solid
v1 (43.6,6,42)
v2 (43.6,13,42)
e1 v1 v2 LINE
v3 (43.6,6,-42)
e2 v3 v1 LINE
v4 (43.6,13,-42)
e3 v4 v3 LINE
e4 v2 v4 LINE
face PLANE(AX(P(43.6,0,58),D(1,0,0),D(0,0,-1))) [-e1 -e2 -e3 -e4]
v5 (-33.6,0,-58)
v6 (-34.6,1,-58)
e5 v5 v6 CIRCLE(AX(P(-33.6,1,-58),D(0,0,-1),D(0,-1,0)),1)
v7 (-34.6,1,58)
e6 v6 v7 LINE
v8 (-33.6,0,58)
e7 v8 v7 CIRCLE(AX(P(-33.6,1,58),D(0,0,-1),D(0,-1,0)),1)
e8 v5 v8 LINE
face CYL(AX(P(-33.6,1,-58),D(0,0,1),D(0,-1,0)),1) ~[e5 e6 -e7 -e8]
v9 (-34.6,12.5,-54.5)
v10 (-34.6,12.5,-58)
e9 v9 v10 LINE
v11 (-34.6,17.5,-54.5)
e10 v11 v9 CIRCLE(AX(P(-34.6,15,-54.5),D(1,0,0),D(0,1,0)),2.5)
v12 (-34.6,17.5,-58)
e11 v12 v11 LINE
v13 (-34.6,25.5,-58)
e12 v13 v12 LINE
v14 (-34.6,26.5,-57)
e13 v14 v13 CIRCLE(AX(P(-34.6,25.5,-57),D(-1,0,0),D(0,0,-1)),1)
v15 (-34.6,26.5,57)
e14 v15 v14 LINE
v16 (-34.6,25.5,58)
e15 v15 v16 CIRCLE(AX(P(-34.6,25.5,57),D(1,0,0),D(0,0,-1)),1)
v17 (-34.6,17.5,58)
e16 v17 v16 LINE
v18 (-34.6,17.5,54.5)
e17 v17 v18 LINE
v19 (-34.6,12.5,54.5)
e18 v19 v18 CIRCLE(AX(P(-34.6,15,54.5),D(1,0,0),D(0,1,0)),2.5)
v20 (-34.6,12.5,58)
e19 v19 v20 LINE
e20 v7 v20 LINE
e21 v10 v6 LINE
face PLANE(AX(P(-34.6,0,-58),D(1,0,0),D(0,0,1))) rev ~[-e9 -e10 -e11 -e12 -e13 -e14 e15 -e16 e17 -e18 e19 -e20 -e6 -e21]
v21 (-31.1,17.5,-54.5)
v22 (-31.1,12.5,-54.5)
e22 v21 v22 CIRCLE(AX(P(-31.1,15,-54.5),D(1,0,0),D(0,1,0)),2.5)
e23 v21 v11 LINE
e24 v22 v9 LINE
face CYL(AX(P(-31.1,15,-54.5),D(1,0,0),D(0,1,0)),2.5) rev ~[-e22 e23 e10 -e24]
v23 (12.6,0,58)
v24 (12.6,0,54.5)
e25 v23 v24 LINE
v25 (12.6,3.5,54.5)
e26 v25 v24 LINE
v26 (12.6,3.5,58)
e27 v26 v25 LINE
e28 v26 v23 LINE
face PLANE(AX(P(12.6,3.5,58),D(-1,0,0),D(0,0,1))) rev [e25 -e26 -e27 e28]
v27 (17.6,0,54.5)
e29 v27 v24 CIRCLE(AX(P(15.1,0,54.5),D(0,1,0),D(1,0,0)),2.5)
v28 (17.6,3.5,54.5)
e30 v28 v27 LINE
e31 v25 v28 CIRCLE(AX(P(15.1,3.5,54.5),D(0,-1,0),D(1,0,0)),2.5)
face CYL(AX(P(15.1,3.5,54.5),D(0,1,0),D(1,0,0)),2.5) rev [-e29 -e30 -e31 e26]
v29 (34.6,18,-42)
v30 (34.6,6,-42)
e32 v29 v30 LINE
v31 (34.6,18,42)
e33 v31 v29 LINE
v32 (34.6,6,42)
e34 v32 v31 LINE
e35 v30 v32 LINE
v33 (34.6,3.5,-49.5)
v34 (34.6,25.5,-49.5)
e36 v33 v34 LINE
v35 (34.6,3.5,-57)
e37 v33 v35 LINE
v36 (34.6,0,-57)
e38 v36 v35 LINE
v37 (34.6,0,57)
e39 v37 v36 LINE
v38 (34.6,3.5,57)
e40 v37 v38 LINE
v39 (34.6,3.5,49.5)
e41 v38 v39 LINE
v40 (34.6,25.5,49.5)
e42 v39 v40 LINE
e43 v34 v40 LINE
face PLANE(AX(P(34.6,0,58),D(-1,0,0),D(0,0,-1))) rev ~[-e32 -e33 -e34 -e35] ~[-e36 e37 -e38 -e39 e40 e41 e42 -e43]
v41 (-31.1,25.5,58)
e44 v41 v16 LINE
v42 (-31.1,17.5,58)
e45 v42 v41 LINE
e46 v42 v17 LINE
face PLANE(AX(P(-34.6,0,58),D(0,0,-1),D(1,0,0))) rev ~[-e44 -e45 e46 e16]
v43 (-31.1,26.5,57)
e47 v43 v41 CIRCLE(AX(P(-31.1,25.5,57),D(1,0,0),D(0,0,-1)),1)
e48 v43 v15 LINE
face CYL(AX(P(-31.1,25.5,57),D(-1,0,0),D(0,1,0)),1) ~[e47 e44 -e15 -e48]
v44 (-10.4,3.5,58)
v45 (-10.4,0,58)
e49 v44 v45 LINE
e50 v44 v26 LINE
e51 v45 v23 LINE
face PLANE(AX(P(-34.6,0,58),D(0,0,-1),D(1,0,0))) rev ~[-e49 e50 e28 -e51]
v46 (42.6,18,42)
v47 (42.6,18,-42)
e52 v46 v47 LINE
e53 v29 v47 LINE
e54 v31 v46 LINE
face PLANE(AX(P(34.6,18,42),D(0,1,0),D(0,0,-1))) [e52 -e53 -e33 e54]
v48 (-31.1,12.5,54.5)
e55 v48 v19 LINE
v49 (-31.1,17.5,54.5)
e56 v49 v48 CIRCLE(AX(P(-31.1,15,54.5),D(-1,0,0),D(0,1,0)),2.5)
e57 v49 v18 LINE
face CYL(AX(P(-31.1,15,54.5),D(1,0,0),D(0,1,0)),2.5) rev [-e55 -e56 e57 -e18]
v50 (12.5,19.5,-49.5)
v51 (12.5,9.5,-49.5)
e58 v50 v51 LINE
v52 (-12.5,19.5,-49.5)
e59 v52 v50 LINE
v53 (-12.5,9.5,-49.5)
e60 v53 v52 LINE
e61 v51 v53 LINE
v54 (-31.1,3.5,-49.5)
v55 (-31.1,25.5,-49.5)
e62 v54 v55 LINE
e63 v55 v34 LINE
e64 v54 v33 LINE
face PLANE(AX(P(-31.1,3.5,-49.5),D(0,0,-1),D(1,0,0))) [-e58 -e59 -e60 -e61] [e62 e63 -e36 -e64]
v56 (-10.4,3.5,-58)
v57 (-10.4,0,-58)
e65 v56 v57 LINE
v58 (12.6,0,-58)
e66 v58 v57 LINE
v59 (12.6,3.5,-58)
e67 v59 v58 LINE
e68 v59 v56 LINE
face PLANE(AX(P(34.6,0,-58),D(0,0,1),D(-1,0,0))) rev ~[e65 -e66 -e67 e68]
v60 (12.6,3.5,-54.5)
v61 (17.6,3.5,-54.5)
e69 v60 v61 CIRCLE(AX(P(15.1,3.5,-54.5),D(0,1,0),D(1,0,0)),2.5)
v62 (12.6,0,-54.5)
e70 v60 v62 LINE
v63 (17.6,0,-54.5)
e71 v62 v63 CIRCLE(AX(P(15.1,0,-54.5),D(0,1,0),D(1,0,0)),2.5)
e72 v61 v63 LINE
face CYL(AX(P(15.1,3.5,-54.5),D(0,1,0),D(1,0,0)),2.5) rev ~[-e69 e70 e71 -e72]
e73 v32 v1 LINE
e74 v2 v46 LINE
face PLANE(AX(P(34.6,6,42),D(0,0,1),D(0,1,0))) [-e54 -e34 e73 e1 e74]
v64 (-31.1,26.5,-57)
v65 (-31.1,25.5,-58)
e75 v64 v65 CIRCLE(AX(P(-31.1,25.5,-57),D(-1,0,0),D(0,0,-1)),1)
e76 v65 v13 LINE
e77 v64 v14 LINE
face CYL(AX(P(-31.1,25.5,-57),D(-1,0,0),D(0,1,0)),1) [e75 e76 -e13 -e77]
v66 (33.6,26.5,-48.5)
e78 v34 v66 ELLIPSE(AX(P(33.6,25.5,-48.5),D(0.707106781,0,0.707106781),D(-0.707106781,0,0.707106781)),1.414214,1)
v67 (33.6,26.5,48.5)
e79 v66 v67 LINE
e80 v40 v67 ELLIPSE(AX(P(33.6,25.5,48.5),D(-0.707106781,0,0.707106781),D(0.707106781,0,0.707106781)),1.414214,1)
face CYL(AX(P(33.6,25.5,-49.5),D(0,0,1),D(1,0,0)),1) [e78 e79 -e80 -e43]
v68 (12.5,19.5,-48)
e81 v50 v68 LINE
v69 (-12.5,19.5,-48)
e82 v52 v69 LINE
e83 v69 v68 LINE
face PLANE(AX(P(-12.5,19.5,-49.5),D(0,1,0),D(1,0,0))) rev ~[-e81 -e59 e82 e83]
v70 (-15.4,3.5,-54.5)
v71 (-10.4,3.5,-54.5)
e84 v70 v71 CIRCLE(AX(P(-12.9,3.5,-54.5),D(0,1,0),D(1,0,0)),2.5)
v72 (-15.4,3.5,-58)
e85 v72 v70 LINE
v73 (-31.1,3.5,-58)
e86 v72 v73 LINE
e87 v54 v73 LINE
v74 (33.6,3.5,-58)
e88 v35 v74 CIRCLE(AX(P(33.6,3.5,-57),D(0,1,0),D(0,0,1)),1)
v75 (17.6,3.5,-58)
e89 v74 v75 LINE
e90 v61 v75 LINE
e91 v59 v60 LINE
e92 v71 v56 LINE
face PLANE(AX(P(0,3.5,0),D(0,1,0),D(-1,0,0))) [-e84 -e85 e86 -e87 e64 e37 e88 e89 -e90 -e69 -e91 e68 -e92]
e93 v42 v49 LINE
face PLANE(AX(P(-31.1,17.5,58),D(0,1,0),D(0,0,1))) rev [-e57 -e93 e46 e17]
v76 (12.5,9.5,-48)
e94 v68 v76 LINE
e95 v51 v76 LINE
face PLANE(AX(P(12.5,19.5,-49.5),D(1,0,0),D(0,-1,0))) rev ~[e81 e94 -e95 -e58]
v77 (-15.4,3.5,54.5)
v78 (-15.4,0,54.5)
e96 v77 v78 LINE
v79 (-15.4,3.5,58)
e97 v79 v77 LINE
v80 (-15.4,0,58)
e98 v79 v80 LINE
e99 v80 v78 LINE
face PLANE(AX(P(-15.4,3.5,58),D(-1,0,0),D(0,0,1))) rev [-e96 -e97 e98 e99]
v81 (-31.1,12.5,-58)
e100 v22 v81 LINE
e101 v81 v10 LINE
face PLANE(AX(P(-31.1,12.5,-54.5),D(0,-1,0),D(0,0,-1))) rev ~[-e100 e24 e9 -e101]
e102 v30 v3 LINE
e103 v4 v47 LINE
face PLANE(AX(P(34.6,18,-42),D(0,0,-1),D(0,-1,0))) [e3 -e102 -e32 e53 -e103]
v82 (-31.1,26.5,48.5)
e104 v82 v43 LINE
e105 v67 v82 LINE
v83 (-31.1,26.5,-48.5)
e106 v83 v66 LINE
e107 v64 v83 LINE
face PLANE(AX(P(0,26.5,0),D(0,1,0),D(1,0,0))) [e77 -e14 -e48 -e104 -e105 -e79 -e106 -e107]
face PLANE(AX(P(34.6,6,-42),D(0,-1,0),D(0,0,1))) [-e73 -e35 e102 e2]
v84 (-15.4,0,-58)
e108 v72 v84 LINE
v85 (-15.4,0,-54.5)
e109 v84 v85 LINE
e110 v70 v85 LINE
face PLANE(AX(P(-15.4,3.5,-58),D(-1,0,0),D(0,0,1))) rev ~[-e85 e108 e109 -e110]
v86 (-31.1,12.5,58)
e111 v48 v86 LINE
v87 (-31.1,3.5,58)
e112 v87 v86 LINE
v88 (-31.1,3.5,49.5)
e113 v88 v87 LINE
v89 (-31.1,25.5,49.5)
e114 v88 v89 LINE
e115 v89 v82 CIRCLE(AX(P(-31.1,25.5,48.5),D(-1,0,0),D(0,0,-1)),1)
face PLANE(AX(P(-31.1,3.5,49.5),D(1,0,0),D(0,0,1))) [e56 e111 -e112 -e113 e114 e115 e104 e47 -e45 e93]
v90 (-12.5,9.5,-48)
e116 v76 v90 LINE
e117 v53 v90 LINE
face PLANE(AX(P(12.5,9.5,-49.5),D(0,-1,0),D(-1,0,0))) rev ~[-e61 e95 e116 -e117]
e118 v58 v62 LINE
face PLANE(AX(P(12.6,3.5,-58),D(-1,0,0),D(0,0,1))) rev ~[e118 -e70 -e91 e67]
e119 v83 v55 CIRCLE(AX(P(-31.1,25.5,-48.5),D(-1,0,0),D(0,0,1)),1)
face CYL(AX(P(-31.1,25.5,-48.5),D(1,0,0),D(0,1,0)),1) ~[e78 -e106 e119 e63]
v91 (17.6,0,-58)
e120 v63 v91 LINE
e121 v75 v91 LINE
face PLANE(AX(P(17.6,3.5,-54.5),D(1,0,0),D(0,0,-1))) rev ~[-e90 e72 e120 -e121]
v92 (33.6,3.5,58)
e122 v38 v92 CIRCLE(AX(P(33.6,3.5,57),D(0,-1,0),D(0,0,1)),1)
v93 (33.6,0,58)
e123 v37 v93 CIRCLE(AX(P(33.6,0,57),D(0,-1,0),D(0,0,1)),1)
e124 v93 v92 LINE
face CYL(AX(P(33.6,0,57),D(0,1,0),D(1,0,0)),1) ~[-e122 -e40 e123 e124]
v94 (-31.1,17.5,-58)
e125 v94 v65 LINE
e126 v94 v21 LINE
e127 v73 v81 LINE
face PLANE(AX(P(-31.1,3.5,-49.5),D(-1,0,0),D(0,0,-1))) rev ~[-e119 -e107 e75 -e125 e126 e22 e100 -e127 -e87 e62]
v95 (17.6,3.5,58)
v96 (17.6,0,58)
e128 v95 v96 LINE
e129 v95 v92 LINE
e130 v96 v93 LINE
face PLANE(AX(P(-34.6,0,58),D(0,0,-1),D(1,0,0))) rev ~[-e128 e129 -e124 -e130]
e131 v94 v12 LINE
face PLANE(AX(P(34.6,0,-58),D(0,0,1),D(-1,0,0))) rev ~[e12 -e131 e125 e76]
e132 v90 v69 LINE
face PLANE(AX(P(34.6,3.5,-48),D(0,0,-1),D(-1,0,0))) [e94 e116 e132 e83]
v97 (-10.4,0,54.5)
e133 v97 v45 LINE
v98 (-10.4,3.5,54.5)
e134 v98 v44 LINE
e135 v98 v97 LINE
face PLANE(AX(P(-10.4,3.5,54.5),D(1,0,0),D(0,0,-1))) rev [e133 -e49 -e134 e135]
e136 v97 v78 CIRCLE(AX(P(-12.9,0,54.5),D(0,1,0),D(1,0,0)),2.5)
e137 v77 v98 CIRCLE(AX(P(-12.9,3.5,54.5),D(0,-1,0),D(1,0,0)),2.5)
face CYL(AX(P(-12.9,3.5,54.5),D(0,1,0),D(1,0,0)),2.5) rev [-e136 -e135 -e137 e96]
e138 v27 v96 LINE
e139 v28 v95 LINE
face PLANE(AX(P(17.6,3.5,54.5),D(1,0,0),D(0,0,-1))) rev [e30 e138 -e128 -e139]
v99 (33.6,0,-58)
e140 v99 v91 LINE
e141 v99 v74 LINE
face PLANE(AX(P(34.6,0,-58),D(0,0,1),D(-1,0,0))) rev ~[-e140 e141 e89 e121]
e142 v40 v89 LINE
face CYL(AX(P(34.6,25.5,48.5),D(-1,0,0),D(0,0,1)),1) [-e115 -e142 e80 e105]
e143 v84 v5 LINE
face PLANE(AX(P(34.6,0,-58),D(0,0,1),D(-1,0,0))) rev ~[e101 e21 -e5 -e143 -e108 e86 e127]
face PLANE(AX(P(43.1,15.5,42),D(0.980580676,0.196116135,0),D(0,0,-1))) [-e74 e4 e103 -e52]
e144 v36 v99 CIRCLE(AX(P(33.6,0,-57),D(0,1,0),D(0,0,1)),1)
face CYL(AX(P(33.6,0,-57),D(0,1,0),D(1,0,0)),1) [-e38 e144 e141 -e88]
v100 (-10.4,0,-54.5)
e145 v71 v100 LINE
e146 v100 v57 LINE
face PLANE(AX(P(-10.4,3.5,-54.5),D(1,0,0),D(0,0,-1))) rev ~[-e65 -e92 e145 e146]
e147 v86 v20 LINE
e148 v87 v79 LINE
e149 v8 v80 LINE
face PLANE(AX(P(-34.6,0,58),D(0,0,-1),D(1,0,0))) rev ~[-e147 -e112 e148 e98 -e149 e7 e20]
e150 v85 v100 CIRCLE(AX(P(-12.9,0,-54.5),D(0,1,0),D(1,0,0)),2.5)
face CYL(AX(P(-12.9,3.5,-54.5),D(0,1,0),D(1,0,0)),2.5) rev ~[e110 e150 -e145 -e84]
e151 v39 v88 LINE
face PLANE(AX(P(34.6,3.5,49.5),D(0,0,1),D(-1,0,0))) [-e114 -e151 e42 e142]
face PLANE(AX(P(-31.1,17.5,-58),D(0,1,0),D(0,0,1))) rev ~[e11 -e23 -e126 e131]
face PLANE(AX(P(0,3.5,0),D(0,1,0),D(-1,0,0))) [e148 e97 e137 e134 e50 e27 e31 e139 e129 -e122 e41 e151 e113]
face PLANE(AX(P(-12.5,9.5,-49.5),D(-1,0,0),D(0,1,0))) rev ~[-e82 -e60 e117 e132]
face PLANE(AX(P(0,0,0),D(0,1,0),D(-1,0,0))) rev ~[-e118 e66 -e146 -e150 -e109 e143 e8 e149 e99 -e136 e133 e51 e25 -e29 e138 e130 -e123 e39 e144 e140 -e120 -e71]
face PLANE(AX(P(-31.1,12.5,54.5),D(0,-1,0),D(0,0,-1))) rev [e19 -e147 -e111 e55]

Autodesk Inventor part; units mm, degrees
ref_plane "YZ Plane" through (0, 0, 0) normal (1, 0, 0) x (0, 1, 0)
ref_plane "XZ Plane" through (0, 0, 0) normal (0, 1, 0) x (-1, 0, 0)
ref_plane "XY Plane" through (0, 0, 0) normal (0, 0, 1) x (1, 0, 0)
sketch "Sketch1" plane through (0, 0, 0) normal (0, 1, 0) x (-1, 0, 0)
  line L0 (34.6, 58) -> (-34.6, 58)
  line L1 (-34.6, 58) -> (-34.6, -58)
  line L2 (-34.6, -58) -> (34.6, -58)
  line L3 (34.6, -58) -> (34.6, 58)
  line L4 (34.6, 58) -> (-34.6, -58) construction
  line L5 (-34.6, 58) -> (34.6, -58) construction
  point P0 (0, 0)
  dimension "d0" = 69.2
  dimension "d1" = 116
extrude "Extrusion1" add sketch "Sketch1" along normal blind 3.5
sketch "Sketch2" plane through (0, 3.5, 0) normal (0, 1, 0) x (1, 0, 0)
  line L0 (-34.6, 49.5) -> (34.6, 49.5)
  line L1 (34.6, 49.5) -> (34.6, -49.5)
  line L2 (34.6, -49.5) -> (-34.6, -49.5)
  line L3 (-34.6, -49.5) -> (-34.6, 49.5)
  line L4 (-34.6, 49.5) -> (34.6, -49.5) construction
  line L5 (34.6, 49.5) -> (-34.6, -49.5) construction
  line L6 (-34.6, 49.5) -> (-31.1, 49.5)
  line L7 (-31.1, 49.5) -> (-31.1, 58)
  line L8 (-31.1, 58) -> (-34.6, 58)
  line L9 (-34.6, 58) -> (-34.6, 49.5)
  line L10 (-34.6, -49.5) -> (-31.1, -49.5)
  line L11 (-31.1, -49.5) -> (-31.1, -58)
  line L12 (-31.1, -58) -> (-34.6, -58)
  line L13 (-34.6, -58) -> (-34.6, -49.5)
  point P0 (0, 0)
  dimension "d4" = 69.2
  dimension "d5" = 99
  dimension "d6" = 3.5
  dimension "d7" = 8.5
  dimension "d8" = 3.5
  dimension "d9" = 8.5
extrude "Extrusion2" add sketch "Sketch2" along normal blind 23
sketch "Sketch3" plane through (34.6, 0, 58) normal (1, 0, 0) x (0, 0, -1)
  line L0 (58, 0) -> (58, 55) construction
  line L1 (58, 0) -> (113, 0) construction
  line L2 (16, 18) -> (100, 18)
  line L3 (100, 18) -> (100, 6)
  line L4 (100, 6) -> (16, 6)
  line L5 (16, 6) -> (16, 18)
  line L6 (16, 18) -> (100, 6) construction
  line L7 (100, 18) -> (16, 6) construction
  point P0 (58, 12)
  dimension "d12" = 55
  dimension "d13" = 90
  dimension "d14" = 84
  dimension "d15" = 12
  dimension "d16" = 12
extrude "Extrusion3" add sketch "Sketch3" along normal blind 9
chamfer "Chamfer1" distance 5 distance2 1 1 edges at (43.6, 18, 0) measured on face at (43.6, 14, 14)
sketch "Sketch5" plane through (-31.1, 3.5, -49.5) normal (1, 0, 0) x (0, 0, -1)
  line L0 (5, 11.5) -> (10, 11.5) construction
  line L1 (5, 9) -> (10, 9)
  line L2 (10, 14) -> (5, 14)
  arc A0 (5, 14) -> (5, 9) centre (5, 11.5) ccw
  arc A1 (10, 9) -> (10, 14) centre (10, 11.5) ccw
  line L3 (5, 11.5) -> (10, 11.5) construction
  line L4 (-107.5, -3.5) -> (8.5, -3.5) projected
  line L5 (8.5, 0) -> (8.5, 23) projected
  point P0 (-49.5, -3.5)
  point P1 (7.5, 11.5)
  point P2 (8.5, 9)
  point P3 (8.5, 14)
  dimension "d38" = 5
  dimension "d39" = 0
  dimension "d40" = 5
  dimension "d41" = 15
  dimension "d42" = 3.5
extrude "Extrusion5" cut sketch "Sketch5" against normal blind 9 contours A0 L2 L5 L1
sketch "Sketch4" plane through (0, 3.5, 0) normal (0, 1, 0) x (1, 0, 0)
  circle A0 centre (15.1, 54.5) radius 2.5
  circle A1 centre (-12.9, 54.5) radius 2.5
  line L0 (34.6, 49.5) -> (34.6, 58) projected
  line L1 (34.6, 58) -> (-31.1, 58) projected
  line L2 (15.1, 54.5) -> (15.1, 58) construction
  line L3 (34.6, 58) -> (-34.6, 58) projected
  line L4 (17.6, 54.5) -> (17.6, 58)
  line L5 (12.6, 58) -> (12.6, 54.5)
  arc A2 (12.6, 54.5) -> (17.6, 54.5) centre (15.1, 54.5) ccw
  arc A3 (17.6, 58) -> (12.6, 58) centre (15.1, 58) ccw
  line L6 (15.1, 54.5) -> (18.6, 54.5) construction
  line L7 (-12.9, 54.5) -> (-12.9, 58) construction
  line L8 (-10.4, 54.5) -> (-10.4, 58)
  line L9 (-15.4, 58) -> (-15.4, 54.5)
  arc A4 (-15.4, 54.5) -> (-10.4, 54.5) centre (-12.9, 54.5) ccw
  arc A5 (-10.4, 58) -> (-15.4, 58) centre (-12.9, 58) ccw
  line L10 (-12.9, 54.5) -> (-9.4, 54.5) construction
  point P0 (0, 0)
  point P1 (15.1, 56.25)
  point P2 (-12.9, 56.25)
  point P3 (17.6, 54.5)
  dimension "d22" = 5
  dimension "d23" = 5
  dimension "d24" = 19.5
  dimension "d25" = 28
  dimension "d26" = 3.5
  dimension "d27" = 3.5
  dimension "d28" = 90
  dimension "d29" = 5
  dimension "d30" = 3.5
  dimension "d31" = 90
  dimension "d32" = 5
extrude "Extrusion4" cut sketch "Sketch4" against normal blind 9 contours A0 | L8 A1 L9 L1 | A0 L5 L1 L4 | A1
mirror "Mirror1" about plane through (0, 0, 0) normal (0, 0, 1) of "Extrusion4", "Extrusion5"
fillet "Fillet1" radius 1 8 edges at (34.6, 26.5, 0) (1.75, 26.5, 49.5) (1.75, 26.5, -49.5) (-32.85, 26.5, -58) (34.6, 1.75, -58) (34.6, 1.75, 58) (-34.6, 0, 0) (-32.85, 26.5, 58)
sketch "Sketch6" plane through (34.6, 3.5, -49.5) normal (0, 0, -1) x (-1, 0, 0)
  line L0 (34.6, -3.5) -> (34.6, 46.5) construction
  line L1 (34.6, -3.5) -> (84.6, -3.5) construction
  line L2 (47.1, 16) -> (22.1, 16)
  line L3 (22.1, 16) -> (22.1, 6)
  line L4 (22.1, 6) -> (47.1, 6)
  line L5 (47.1, 6) -> (47.1, 16)
  line L6 (47.1, 16) -> (22.1, 6) construction
  line L7 (22.1, 16) -> (47.1, 6) construction
  point P0 (34.6, 11)
  dimension "d46" = 50
  dimension "d47" = 90
  dimension "d48" = 25
  dimension "d49" = 10
  dimension "d50" = 14.5
extrude "Extrusion6" cut sketch "Sketch6" against normal blind 1.5
properties part number "CL57T_Stepper_Driver"
